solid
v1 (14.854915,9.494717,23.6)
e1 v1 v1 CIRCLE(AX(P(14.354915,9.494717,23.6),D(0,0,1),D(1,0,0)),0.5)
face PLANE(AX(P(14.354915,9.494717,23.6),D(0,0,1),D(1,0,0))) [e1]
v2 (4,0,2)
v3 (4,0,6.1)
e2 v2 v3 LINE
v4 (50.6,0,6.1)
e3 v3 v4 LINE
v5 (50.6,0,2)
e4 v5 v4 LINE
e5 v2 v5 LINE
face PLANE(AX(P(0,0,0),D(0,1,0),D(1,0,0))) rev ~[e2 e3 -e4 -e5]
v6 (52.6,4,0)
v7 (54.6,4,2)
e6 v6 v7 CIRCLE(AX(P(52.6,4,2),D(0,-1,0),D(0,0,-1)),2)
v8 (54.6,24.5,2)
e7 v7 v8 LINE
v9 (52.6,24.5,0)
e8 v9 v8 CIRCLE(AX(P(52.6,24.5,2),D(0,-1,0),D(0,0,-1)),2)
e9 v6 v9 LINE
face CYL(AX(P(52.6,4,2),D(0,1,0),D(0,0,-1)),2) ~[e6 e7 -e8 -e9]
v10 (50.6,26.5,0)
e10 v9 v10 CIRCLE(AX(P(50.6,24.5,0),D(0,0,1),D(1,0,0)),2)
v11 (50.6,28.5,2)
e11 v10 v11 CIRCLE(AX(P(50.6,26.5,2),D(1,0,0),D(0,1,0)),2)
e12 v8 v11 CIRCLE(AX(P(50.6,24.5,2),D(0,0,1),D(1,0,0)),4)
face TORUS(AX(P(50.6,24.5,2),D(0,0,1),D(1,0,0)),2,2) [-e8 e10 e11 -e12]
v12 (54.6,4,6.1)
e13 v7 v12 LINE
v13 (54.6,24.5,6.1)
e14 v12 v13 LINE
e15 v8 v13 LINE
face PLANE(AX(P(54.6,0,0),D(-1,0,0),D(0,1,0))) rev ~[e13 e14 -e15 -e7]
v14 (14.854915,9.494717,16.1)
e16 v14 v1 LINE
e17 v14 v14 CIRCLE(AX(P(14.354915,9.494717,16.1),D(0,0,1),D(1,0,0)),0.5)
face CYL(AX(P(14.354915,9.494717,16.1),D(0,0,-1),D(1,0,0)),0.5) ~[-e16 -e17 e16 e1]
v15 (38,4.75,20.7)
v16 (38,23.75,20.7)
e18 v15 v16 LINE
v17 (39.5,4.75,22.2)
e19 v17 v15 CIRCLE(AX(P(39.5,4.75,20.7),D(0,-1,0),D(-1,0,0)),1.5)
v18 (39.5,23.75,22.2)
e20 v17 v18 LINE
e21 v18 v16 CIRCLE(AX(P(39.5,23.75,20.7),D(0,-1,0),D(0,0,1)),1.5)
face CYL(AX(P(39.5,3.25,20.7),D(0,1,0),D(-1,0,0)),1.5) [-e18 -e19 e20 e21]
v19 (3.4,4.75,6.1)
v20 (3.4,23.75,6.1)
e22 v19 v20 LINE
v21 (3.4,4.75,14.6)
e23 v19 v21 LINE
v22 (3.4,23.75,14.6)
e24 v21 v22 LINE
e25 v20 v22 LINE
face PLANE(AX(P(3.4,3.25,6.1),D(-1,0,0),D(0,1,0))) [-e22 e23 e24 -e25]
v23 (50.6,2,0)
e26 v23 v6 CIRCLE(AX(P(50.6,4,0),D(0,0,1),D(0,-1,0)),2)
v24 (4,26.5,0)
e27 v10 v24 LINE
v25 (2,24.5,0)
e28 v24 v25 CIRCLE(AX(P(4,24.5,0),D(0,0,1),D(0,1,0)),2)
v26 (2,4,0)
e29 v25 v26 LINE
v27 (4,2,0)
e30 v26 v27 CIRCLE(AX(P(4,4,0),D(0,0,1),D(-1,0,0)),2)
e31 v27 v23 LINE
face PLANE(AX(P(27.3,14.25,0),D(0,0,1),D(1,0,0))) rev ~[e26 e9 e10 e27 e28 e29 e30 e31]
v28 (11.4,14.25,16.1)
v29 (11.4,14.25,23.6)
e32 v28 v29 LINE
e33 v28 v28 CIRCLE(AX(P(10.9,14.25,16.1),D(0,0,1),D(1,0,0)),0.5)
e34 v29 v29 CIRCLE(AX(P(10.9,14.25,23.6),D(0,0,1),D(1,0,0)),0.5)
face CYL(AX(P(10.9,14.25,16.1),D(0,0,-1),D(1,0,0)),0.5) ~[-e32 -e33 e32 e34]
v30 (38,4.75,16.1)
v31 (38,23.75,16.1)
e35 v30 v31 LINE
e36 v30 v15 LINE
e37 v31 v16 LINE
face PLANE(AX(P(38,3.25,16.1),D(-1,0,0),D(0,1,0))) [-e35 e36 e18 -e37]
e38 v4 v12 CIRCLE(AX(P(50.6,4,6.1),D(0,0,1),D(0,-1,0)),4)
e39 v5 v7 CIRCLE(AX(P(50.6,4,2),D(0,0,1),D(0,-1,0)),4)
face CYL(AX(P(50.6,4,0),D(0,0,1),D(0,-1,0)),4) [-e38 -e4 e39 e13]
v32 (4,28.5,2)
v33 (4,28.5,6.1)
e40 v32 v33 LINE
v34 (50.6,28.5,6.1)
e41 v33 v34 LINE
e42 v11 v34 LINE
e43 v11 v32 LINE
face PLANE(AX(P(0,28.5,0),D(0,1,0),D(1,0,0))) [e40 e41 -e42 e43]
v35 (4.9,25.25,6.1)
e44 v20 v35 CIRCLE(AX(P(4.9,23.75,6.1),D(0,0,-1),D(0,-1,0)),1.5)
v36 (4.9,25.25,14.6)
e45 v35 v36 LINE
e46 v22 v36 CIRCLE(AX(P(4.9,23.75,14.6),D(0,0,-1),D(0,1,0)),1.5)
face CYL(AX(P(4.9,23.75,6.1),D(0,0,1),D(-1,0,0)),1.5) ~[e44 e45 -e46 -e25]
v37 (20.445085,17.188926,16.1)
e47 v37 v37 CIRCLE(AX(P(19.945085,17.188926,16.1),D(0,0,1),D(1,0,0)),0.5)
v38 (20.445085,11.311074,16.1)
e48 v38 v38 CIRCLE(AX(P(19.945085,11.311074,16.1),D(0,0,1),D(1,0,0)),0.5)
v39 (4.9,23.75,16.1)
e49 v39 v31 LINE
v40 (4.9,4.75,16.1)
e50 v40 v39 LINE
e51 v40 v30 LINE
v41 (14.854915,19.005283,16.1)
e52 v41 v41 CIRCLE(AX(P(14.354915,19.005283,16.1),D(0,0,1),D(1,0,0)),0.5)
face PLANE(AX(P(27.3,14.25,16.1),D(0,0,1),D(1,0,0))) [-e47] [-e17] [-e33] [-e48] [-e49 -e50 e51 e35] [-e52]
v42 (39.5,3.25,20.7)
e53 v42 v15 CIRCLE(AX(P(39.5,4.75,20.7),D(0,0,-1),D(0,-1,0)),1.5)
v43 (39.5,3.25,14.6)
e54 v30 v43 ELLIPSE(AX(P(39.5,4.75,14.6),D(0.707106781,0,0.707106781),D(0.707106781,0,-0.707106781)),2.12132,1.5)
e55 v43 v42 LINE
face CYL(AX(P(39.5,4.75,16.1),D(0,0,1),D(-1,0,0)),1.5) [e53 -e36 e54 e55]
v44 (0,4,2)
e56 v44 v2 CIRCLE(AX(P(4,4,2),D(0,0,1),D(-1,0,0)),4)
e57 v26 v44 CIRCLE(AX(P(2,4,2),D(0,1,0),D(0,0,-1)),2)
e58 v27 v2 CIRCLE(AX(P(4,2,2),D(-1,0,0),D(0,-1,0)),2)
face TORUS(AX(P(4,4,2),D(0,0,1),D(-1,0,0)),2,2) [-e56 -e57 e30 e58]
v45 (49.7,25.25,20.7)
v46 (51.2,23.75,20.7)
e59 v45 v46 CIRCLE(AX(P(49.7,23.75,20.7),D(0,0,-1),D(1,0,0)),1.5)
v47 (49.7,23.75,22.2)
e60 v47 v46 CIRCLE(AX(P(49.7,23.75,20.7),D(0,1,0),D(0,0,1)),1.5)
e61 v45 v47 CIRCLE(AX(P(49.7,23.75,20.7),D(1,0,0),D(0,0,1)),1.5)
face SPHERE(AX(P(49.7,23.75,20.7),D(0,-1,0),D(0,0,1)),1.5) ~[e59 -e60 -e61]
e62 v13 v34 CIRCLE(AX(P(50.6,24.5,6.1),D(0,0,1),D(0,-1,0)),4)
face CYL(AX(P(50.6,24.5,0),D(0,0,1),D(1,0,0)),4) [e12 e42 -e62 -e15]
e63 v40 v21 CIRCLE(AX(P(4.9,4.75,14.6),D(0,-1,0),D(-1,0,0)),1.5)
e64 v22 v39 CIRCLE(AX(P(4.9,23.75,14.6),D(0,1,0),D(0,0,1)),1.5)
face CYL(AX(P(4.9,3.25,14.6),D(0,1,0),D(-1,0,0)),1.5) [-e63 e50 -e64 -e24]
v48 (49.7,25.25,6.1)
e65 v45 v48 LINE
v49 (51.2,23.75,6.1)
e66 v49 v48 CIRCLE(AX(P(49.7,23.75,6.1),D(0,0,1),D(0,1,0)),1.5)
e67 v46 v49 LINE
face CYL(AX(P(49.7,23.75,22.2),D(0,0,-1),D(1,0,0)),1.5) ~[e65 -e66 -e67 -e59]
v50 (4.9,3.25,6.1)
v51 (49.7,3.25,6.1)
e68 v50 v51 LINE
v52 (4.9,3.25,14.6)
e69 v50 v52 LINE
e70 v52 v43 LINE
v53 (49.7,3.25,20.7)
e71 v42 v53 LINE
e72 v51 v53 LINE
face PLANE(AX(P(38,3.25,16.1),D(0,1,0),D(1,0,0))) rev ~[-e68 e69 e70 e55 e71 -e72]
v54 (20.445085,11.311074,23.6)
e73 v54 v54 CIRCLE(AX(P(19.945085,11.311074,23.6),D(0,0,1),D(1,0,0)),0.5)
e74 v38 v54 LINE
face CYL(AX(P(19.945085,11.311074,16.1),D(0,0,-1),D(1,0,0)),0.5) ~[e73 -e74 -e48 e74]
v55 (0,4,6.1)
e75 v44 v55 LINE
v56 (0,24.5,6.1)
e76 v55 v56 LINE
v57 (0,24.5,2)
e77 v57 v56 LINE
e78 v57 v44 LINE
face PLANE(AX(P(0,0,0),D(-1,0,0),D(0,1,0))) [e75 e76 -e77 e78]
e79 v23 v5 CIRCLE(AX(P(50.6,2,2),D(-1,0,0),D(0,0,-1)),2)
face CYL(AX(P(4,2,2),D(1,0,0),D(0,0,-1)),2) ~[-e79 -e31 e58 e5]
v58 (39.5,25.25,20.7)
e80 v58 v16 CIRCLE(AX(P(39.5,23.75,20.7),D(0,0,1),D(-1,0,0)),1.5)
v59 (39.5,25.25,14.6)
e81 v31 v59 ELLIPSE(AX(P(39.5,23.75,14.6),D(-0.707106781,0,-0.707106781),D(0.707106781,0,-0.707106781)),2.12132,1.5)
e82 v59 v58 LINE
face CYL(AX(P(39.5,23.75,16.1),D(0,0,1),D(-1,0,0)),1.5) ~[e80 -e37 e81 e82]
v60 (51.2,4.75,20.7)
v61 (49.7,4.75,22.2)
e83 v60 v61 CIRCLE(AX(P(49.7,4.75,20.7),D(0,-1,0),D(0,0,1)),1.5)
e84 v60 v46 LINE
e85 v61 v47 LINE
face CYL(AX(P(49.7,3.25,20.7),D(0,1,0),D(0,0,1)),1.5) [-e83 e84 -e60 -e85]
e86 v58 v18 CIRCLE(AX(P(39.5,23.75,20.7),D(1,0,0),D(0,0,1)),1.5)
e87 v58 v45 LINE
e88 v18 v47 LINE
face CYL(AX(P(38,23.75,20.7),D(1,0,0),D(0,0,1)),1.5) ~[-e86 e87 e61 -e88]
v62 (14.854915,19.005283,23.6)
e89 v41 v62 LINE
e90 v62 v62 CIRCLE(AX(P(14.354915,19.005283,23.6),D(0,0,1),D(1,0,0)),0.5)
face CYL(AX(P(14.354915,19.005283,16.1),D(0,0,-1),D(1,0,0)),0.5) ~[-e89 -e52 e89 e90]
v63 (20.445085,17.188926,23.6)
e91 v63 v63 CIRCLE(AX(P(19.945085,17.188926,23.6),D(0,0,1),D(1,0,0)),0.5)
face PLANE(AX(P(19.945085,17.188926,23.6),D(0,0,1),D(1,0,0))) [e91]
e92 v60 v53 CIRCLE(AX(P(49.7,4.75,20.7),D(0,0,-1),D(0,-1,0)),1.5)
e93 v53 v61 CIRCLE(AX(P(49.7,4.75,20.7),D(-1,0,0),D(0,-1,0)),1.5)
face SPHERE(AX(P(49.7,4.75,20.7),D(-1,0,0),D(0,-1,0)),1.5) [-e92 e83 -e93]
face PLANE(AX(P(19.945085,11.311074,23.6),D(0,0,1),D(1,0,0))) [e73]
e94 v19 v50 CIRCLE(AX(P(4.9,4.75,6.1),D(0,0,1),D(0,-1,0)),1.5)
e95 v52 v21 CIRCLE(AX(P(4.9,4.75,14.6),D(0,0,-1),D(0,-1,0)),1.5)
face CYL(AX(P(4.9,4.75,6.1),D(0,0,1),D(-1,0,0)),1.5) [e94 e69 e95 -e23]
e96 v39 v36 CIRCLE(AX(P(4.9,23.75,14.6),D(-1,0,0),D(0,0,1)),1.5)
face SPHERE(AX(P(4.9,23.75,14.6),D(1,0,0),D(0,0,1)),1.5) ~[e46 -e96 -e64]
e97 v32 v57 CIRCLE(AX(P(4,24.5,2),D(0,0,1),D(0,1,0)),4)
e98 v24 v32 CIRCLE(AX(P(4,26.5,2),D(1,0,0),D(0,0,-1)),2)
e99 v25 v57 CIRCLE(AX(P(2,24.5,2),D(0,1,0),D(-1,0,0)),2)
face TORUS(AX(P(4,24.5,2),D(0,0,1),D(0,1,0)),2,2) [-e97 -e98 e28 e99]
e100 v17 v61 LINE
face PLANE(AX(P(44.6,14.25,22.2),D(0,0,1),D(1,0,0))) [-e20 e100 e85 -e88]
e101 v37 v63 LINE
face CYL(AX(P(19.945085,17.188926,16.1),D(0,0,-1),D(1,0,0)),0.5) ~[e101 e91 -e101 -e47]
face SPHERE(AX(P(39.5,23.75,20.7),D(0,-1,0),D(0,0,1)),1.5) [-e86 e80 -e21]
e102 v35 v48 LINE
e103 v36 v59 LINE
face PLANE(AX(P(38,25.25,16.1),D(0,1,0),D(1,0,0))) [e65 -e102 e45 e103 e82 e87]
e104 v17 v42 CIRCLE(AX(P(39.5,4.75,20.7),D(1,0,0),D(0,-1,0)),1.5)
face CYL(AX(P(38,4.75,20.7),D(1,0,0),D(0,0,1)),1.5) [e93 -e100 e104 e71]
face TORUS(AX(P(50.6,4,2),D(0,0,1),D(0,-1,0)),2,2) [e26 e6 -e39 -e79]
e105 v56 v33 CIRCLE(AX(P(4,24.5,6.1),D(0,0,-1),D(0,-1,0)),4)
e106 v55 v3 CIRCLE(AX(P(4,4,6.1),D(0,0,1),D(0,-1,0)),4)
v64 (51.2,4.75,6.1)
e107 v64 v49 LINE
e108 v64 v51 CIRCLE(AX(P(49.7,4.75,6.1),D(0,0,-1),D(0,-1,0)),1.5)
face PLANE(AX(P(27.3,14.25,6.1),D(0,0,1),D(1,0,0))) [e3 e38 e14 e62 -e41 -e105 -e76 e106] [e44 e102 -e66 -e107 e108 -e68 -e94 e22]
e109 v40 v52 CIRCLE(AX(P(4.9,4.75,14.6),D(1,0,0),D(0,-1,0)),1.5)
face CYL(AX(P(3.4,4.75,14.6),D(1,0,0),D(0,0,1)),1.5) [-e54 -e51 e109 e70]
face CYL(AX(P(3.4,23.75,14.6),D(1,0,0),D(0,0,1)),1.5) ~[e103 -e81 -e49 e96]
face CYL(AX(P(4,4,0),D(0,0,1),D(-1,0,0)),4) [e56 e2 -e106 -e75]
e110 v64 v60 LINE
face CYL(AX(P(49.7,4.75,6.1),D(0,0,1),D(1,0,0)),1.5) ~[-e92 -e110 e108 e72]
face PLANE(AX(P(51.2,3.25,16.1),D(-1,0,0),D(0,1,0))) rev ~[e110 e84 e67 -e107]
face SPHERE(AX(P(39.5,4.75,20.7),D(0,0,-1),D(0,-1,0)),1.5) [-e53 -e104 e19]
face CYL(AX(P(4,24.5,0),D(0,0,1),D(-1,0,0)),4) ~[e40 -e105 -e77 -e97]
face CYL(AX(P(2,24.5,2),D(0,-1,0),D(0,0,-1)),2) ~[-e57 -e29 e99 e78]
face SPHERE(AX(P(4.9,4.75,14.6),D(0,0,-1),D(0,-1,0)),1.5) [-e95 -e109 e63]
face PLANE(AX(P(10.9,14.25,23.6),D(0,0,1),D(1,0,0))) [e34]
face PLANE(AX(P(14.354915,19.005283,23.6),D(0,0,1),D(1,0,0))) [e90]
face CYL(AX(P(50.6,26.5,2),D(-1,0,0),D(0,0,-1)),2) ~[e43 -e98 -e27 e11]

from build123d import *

# Parameters (mm, degrees)
F0_W      = 54.6
F0_H      = 28.5
F1_DEPTH  = 6.1
F2_R      = 4
F3_R      = 2
F4_W      = 47.8
F4_H      = 22
F5_DEPTH  = 10
F6_W      = 13.2
F6_H      = 22
F7_DEPTH  = 6.1
F8_R      = 1.5
F9_R      = 0.5
F10_DEPTH = 7.5


with BuildPart() as f1:
    # F0 (on Top) → F1 (new body)
    with BuildSketch(Plane.XY):
        with Locations((27.3, 14.25)):
            Rectangle(F0_W, F0_H)
    extrude(amount=F1_DEPTH)

    # F2
    f2_edges = [f1.edges().sort_by_distance(p)[0] for p in [
        (54.6, 0, 3.05),
        (0, 0, 3.05),
        (54.6, 28.5, 3.05),
        (0, 28.5, 3.05),
    ]]
    fillet(f2_edges, radius=F2_R)

    # F3
    f3_edges = [f1.edges().sort_by_distance(p)[0] for p in [
        (54.6, 14.25, 0),
        (53.428427, 1.171573, 0),
        (27.3, 0, 0),
        (53.428427, 27.328427, 0),
        (1.171573, 1.171573, 0),
        (0, 14.25, 0),
        (1.171573, 27.328427, 0),
        (27.3, 28.5, 0),
    ]]
    fillet(f3_edges, radius=F3_R)

    # F4 (on face) → F5 (join)
    with BuildSketch(Plane.XY.offset(6.1)):
        with Locations((27.3, 14.25)):
            Rectangle(F4_W, F4_H)
    extrude(amount=F5_DEPTH)

    # F6 (on face) → F7 (join)
    with BuildSketch(Plane.XY.offset(16.1)):
        with Locations((44.6, 14.25)):
            Rectangle(F6_W, F6_H)
    extrude(amount=F7_DEPTH)

    # F8
    f8_edges = [f1.edges().sort_by_distance(p)[0] for p in [
        (3.4, 3.25, 11.1),
        (20.7, 3.25, 16.1),
        (38, 3.25, 19.15),
        (44.6, 3.25, 22.2),
        (51.2, 3.25, 14.15),
        (51.2, 14.25, 22.2),
        (38, 14.25, 22.2),
        (44.6, 25.25, 22.2),
        (51.2, 25.25, 14.15),
        (20.7, 25.25, 16.1),
        (3.4, 14.25, 16.1),
        (38, 25.25, 19.15),
        (3.4, 25.25, 11.1),
    ]]
    fillet(f8_edges, radius=F8_R)

    # F9 (on face) → F10 (join)
    with BuildSketch(Plane.XY.offset(16.1)):
        with Locations((10.9, 14.25)):
            Circle(F9_R)
        with Locations((14.3549150281, 9.4947174185)):
            Circle(F9_R)
        with Locations((19.9450849719, 11.3110737385)):
            Circle(F9_R)
        with Locations((19.9450849719, 17.1889262615)):
            Circle(F9_R)
        with Locations((14.3549150281, 19.0052825815)):
            Circle(F9_R)
    extrude(amount=F10_DEPTH)


solid = f1.part
